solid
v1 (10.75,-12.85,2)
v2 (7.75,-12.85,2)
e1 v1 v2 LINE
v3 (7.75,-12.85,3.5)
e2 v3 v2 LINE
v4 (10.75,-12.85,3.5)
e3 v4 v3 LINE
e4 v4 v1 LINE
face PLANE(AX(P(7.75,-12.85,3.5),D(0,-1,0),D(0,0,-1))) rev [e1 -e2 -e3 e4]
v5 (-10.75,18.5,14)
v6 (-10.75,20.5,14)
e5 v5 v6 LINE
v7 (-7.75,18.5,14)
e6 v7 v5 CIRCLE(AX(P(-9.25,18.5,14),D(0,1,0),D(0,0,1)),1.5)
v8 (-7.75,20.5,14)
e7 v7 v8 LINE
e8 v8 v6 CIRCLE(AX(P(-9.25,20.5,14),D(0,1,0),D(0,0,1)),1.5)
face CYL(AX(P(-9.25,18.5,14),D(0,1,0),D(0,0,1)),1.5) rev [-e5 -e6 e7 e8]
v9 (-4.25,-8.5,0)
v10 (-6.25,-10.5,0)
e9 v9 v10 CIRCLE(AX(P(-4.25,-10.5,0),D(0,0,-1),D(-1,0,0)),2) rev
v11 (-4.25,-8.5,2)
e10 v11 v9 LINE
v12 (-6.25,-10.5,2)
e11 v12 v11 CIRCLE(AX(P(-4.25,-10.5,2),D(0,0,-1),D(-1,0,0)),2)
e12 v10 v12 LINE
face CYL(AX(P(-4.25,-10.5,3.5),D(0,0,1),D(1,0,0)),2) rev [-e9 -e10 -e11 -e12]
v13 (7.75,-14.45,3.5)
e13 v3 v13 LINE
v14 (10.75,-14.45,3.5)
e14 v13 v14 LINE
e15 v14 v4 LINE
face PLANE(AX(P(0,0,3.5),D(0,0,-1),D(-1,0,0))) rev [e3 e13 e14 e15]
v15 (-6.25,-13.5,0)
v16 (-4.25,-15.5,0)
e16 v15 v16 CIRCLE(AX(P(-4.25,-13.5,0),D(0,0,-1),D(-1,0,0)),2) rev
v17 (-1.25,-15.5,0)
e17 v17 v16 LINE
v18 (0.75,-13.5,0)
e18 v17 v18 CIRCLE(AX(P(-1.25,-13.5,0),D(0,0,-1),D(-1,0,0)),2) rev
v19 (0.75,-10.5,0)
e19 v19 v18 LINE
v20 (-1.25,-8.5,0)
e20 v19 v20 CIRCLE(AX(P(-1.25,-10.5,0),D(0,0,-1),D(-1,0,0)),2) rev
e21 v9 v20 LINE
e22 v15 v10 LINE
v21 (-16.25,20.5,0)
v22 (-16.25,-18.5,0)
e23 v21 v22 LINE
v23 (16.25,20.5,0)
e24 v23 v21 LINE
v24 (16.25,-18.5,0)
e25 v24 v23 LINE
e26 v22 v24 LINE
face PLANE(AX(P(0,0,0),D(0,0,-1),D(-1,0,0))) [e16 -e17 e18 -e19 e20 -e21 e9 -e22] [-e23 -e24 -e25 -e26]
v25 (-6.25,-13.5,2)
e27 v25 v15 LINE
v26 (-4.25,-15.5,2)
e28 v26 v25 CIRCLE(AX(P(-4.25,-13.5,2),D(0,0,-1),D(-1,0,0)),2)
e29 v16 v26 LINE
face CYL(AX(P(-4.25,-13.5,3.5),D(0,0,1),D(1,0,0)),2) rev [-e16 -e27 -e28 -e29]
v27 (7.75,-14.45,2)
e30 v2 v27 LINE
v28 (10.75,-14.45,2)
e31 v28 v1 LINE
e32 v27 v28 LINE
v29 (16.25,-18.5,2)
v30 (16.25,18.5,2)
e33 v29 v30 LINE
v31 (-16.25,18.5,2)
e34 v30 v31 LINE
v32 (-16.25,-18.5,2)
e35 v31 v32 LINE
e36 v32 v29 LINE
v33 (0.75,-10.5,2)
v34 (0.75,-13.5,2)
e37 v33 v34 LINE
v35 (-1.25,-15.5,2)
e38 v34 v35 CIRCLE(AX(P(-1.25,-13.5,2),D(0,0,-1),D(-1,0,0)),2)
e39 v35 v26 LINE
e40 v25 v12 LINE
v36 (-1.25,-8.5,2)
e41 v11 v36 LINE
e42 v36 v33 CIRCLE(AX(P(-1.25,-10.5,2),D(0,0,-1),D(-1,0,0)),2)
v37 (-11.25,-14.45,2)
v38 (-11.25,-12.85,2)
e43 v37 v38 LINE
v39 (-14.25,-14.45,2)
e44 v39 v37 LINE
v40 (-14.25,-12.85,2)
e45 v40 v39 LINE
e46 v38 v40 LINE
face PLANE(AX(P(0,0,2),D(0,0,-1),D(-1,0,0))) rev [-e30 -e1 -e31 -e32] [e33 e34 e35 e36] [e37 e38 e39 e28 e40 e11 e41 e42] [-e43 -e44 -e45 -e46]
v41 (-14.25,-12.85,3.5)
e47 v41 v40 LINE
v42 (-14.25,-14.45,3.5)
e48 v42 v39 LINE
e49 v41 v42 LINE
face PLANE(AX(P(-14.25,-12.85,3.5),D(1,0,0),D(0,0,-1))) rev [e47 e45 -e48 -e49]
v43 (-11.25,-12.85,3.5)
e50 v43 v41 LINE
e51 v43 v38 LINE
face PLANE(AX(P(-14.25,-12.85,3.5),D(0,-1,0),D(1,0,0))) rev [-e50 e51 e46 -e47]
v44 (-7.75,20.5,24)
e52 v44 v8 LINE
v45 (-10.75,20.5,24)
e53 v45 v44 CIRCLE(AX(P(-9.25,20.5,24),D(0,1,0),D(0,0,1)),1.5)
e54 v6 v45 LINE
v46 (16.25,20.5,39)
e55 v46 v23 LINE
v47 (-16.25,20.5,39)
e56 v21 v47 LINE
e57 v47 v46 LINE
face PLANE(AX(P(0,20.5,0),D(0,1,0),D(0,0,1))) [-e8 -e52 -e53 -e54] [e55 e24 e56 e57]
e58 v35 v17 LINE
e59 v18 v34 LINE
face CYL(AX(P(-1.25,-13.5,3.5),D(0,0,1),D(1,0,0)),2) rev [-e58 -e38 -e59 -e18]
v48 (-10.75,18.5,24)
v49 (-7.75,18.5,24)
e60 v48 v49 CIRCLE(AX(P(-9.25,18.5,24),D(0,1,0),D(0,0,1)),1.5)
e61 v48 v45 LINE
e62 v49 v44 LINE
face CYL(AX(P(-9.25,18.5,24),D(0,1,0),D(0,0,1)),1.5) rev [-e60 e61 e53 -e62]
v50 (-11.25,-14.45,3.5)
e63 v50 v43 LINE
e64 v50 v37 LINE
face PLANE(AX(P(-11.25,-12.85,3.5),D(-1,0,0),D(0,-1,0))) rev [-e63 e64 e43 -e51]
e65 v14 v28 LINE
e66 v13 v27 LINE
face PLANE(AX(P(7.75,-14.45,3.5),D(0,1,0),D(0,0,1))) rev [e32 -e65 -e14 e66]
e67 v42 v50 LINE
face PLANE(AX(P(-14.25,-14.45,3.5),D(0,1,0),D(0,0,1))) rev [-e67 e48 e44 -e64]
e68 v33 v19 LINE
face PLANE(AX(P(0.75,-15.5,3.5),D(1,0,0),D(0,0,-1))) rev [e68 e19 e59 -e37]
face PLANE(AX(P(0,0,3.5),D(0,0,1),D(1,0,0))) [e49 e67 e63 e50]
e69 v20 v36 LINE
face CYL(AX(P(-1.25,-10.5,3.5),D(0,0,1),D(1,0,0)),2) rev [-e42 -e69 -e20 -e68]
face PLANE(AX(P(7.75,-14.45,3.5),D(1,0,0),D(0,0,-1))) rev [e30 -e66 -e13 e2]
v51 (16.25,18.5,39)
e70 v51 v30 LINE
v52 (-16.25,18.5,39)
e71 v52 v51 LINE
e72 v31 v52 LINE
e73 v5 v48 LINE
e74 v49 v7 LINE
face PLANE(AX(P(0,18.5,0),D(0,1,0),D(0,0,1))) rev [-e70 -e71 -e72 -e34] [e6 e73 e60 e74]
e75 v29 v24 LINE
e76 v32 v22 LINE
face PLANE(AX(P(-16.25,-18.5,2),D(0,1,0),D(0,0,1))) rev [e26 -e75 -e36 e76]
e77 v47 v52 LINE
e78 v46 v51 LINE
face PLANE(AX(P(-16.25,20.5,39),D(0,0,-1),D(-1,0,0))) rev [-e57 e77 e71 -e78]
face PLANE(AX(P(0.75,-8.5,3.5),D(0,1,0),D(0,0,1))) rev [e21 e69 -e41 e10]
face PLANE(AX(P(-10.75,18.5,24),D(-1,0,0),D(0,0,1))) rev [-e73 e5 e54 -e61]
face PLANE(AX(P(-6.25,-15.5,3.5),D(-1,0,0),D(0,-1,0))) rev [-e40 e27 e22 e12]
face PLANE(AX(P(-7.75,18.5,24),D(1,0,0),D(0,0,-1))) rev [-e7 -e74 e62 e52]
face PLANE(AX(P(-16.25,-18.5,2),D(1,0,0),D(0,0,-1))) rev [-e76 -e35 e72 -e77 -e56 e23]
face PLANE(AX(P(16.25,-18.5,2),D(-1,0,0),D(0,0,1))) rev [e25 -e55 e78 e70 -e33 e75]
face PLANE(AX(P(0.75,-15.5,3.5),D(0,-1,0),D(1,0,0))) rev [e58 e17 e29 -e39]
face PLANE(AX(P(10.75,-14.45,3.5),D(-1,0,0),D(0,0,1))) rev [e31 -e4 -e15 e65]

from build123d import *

# Parameters (mm, degrees)
SKETCH1_W           = 32.5
SKETCH1_H           = 37
BOSS_EXTRUDE1_DEPTH = 2
SKETCH2_W           = 3
SKETCH2_H           = 1.6
BOSS_EXTRUDE2_DEPTH = 1.5
SKETCH3_W           = 7
SKETCH3_H           = 7
CUT_EXTRUDE1_DEPTH  = 4.5
FILLET1_R           = 2
SKETCH4_W           = 32.5
SKETCH4_H           = 39
BOSS_EXTRUDE3_DEPTH = 2
CUT_EXTRUDE2_DEPTH  = 2


with BuildPart() as part:
    # Sketch1 → Boss-Extrude1 (new body)
    with BuildSketch(Plane.XY):
        Rectangle(SKETCH1_W, SKETCH1_H)
    extrude(amount=BOSS_EXTRUDE1_DEPTH)

    # Sketch2 → Boss-Extrude2 (add)
    with BuildSketch(Plane.XY.offset(2)):
        with Locations((-12.75, -13.65)):
            Rectangle(SKETCH2_W, SKETCH2_H)
        with Locations((9.25, -13.65)):
            Rectangle(SKETCH2_W, SKETCH2_H)
    extrude(amount=BOSS_EXTRUDE2_DEPTH)

    # Sketch3 → Cut-Extrude1 (cut, through all)
    with BuildSketch(Plane(origin=(0, 0, 0), x_dir=(-1, 0, 0), z_dir=(0, 0, -1))):
        with Locations((2.75, -12)):
            Rectangle(SKETCH3_W, SKETCH3_H)
    extrude(amount=-CUT_EXTRUDE1_DEPTH, mode=Mode.SUBTRACT)

    # Fillet1
    fillet1_edges = [part.edges().sort_by_distance(p)[0] for p in [
        (0.75, -15.5, 1),
        (0.75, -8.5, 1),
        (-6.25, -8.5, 1),
        (-6.25, -15.5, 1),
    ]]
    fillet(fillet1_edges, radius=FILLET1_R)

    # Sketch4 → Boss-Extrude3 (add)
    with BuildSketch(Plane(origin=(0, 18.5, 0), x_dir=(1, 0, 0), z_dir=(0, 1, 0))):
        with Locations((0, -19.5)):
            Rectangle(SKETCH4_W, SKETCH4_H)
    extrude(amount=BOSS_EXTRUDE3_DEPTH)

    # Sketch5 → Cut-Extrude2 (cut)
    with BuildSketch(Plane(origin=(0, 20.5, 0), x_dir=(1, 0, 0), z_dir=(0, 1, 0))):
        with BuildLine():
            Line((-10.75, -24), (-10.75, -14))
            ThreePointArc((-10.75, -14), (-9.25, -12.5), (-7.75, -14))
            Line((-7.75, -14), (-7.75, -24))
            ThreePointArc((-7.75, -24), (-9.25, -25.5), (-10.75, -24))
        make_face()
    extrude(amount=-CUT_EXTRUDE2_DEPTH, mode=Mode.SUBTRACT)


solid = part.part
